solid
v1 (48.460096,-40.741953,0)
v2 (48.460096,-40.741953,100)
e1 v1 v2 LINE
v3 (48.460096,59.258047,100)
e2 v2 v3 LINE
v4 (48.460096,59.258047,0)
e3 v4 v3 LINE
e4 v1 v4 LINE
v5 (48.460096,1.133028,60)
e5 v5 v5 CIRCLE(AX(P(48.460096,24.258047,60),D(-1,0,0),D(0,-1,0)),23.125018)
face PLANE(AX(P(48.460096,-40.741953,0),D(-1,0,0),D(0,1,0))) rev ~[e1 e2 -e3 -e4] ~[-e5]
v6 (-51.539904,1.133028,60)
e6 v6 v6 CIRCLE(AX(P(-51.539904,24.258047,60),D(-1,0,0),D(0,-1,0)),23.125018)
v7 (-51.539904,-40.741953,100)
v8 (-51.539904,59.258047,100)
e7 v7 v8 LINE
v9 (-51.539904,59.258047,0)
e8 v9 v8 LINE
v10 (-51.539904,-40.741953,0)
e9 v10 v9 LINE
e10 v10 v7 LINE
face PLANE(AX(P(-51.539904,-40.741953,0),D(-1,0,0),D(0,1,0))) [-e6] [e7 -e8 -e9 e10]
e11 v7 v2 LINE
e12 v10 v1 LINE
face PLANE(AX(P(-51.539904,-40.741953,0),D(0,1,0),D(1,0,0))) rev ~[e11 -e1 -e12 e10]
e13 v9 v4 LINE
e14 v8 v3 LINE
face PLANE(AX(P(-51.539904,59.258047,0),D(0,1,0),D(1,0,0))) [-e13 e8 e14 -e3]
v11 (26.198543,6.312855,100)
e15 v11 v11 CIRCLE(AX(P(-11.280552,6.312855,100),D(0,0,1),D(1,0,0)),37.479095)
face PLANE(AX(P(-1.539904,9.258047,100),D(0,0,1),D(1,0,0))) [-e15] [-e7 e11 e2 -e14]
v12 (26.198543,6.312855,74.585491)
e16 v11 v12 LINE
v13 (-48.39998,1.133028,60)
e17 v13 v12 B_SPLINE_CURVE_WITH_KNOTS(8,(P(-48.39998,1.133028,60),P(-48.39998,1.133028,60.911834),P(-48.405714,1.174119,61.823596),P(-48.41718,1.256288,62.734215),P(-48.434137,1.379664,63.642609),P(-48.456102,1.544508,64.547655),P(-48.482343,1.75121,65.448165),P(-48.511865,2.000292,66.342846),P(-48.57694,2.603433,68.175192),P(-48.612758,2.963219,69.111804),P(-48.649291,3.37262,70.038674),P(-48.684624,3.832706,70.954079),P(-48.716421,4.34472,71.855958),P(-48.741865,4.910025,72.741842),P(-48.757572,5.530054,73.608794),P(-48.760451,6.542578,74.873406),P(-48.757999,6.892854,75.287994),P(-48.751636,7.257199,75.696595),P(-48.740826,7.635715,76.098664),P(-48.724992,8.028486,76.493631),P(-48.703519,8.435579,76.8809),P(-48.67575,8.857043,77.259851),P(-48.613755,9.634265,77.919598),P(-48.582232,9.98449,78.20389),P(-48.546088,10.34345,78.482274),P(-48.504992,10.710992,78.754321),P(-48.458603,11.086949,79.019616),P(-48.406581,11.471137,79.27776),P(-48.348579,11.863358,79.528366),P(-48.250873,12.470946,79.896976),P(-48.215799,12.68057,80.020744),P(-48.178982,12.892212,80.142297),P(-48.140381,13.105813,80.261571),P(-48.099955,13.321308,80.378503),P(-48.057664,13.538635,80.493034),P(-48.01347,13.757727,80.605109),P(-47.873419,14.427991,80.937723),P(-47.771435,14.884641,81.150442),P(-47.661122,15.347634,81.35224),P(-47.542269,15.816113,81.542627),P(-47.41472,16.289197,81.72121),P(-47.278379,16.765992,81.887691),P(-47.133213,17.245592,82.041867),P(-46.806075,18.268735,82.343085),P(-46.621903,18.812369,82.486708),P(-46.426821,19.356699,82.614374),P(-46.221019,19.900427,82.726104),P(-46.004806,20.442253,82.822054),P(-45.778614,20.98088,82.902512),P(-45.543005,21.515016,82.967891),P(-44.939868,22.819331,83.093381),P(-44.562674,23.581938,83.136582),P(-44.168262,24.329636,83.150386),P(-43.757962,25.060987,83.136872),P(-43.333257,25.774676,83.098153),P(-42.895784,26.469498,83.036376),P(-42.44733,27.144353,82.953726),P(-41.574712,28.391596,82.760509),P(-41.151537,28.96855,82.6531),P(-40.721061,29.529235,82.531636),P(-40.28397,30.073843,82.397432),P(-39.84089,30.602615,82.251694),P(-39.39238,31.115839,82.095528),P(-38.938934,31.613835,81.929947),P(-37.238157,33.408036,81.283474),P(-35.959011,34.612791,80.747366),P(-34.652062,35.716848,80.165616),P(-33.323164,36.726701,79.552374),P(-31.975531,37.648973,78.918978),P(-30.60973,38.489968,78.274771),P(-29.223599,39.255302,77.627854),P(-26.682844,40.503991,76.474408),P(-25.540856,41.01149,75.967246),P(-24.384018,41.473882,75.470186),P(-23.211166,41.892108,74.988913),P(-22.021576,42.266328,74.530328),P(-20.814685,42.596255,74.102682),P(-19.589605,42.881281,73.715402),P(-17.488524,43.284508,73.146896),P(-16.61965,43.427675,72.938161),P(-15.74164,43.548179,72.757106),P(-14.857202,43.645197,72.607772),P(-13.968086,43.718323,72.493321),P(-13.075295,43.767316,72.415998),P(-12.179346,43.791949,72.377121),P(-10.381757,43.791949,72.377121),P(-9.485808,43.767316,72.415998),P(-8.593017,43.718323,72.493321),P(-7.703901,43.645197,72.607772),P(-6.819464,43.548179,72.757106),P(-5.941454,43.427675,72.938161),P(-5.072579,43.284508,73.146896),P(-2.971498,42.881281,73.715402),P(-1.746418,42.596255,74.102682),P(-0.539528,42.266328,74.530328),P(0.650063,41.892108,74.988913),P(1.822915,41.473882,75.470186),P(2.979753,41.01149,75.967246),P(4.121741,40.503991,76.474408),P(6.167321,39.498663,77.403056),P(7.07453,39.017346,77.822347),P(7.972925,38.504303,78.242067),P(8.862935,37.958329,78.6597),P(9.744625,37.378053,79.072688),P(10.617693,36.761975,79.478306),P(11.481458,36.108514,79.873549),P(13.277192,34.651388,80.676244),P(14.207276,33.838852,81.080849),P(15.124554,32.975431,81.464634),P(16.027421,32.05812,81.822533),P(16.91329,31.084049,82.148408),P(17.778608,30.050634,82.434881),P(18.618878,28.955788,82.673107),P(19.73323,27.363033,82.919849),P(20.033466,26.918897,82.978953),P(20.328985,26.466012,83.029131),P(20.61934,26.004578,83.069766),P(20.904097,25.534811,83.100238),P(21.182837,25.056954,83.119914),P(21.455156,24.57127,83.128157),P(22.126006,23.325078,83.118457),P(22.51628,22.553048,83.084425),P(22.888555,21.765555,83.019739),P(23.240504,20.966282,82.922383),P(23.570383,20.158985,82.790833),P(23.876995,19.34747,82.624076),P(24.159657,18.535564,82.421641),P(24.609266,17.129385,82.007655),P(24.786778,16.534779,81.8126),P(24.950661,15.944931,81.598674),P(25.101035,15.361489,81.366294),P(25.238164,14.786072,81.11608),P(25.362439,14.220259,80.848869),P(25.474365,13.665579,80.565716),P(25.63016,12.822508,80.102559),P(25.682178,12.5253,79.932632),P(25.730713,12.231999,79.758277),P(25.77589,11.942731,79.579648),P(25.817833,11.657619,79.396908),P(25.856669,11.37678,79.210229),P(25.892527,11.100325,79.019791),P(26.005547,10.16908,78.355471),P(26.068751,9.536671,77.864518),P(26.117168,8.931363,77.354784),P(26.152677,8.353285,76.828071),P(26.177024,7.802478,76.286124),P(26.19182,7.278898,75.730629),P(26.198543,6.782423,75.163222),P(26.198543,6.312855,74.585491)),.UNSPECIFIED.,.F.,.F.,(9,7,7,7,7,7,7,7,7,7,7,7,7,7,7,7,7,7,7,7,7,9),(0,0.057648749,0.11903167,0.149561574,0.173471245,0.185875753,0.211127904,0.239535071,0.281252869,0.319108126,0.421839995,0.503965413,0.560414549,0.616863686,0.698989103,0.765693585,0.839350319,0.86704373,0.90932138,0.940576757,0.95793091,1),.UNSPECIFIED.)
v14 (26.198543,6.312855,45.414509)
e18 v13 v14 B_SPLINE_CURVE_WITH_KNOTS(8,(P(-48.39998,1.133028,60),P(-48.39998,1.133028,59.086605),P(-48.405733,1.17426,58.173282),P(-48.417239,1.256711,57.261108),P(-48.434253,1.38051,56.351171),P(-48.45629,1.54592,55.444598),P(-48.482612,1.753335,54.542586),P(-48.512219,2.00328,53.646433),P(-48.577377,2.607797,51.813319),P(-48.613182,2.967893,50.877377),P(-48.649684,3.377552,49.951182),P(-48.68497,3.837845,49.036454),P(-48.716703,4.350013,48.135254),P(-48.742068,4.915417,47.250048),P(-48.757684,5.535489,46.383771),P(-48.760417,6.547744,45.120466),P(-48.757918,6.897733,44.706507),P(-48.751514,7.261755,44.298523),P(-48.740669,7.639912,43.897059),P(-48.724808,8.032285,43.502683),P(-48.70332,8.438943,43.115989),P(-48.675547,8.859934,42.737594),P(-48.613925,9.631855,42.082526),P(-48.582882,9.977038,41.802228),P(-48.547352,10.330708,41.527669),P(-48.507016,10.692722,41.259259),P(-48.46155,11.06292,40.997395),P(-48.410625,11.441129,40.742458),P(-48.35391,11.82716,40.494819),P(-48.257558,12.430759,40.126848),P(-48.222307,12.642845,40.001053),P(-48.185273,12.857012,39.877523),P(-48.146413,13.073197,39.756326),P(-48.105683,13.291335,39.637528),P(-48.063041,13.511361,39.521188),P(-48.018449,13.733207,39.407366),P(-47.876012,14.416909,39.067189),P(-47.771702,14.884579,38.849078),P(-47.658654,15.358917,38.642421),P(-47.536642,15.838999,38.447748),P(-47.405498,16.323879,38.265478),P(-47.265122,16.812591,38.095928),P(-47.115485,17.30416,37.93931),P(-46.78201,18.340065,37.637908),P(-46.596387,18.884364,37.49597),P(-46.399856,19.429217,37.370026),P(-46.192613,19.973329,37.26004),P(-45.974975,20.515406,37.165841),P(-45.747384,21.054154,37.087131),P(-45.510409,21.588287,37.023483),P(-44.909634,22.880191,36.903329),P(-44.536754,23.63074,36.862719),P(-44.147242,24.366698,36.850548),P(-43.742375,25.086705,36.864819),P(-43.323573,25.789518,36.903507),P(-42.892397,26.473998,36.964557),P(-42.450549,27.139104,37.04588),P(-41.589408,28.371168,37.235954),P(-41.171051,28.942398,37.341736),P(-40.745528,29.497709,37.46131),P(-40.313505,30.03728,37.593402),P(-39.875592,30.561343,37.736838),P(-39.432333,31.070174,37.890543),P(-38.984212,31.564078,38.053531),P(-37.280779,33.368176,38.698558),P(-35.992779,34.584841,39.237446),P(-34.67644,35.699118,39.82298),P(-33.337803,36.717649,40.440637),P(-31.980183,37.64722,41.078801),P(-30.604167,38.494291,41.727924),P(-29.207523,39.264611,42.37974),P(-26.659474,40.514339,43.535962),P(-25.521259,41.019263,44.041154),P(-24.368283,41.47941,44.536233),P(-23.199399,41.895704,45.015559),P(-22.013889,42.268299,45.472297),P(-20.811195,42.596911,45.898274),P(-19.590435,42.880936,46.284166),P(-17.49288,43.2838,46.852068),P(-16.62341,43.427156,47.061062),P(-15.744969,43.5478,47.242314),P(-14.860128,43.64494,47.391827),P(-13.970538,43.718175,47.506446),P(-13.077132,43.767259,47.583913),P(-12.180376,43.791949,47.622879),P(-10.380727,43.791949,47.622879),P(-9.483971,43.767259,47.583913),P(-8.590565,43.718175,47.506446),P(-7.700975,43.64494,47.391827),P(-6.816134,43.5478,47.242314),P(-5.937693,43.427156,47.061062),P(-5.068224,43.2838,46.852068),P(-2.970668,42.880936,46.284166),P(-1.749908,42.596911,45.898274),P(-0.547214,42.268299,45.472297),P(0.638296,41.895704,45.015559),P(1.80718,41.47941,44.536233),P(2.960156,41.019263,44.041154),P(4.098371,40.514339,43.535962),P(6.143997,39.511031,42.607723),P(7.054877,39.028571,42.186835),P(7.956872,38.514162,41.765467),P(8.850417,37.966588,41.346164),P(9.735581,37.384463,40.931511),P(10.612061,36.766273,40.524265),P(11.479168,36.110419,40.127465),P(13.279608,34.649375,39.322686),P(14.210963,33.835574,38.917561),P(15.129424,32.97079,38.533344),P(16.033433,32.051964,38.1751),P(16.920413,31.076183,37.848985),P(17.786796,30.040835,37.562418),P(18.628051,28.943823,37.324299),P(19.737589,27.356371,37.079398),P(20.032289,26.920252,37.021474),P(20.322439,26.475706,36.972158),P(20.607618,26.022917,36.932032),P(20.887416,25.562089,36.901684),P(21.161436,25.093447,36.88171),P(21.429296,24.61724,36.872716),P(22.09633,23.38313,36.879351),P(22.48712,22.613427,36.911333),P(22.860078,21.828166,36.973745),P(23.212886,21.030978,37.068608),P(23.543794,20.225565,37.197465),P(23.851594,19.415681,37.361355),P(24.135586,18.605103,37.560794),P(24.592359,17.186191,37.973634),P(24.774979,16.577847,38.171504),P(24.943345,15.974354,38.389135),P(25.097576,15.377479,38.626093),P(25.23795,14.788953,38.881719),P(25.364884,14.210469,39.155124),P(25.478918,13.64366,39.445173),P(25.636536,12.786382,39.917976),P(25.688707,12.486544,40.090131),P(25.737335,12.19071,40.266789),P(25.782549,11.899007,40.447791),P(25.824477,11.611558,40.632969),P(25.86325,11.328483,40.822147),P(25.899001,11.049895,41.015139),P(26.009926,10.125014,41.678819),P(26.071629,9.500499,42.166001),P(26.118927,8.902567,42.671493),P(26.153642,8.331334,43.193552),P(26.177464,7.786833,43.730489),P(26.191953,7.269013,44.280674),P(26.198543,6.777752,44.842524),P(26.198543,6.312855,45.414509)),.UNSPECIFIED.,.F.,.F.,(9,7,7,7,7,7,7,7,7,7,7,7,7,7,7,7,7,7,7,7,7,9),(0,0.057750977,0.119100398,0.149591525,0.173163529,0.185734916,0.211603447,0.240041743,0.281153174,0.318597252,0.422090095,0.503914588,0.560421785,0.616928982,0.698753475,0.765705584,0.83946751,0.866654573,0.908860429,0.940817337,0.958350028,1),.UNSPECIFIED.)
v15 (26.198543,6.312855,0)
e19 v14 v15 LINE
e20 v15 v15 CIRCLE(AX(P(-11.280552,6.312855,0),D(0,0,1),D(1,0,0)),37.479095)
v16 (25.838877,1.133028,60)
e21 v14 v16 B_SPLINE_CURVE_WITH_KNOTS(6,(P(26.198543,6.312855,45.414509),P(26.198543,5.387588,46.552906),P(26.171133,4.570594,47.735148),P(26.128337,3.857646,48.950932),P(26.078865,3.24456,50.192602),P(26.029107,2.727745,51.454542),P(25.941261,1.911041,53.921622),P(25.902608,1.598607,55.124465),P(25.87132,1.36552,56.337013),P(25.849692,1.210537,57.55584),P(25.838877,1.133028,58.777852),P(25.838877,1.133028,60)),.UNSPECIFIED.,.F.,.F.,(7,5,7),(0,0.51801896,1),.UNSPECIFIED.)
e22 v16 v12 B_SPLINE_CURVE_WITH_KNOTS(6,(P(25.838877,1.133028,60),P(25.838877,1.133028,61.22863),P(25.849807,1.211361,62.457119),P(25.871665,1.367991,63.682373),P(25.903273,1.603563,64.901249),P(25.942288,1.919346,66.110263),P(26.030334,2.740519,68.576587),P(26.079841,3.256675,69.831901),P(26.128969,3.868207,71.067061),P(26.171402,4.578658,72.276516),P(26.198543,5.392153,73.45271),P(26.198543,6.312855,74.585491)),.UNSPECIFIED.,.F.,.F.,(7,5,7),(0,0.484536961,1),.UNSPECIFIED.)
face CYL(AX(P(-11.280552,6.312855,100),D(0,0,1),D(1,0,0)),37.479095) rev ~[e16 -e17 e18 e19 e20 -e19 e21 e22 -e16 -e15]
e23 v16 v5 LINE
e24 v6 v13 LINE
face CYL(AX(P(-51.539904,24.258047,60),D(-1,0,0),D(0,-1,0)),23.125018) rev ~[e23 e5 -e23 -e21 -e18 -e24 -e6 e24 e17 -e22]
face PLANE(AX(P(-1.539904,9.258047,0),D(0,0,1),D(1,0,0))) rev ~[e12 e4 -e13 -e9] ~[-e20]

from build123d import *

# Parameters (mm, degrees)
F0_W     = 100
F0_H     = 100
F1_DEPTH = 100
F2_R     = 37.4790948787
F3_DEPTH = 100.001
F4_R     = 23.1250184434
F5_DEPTH = 100.001


with BuildPart() as f1:
    # F0 (on Top) → F1 (new body)
    with BuildSketch(Plane.XY):
        with Locations((-1.539904009, 9.2580467463)):
            Rectangle(F0_W, F0_H)
    extrude(amount=F1_DEPTH)

    # F2 (on face) → F3 (cut, through all)
    with BuildSketch(Plane.XY.offset(100)):
        with Locations((-11.2805515528, 6.312854588)):
            Circle(F2_R)
    extrude(amount=-F3_DEPTH, mode=Mode.SUBTRACT)

    # F4 (on face) → F5 (cut, through all)
    with BuildSketch(Plane(origin=(-51.539904009, 0, 0), x_dir=(0, -1, 0), z_dir=(-1, 0, 0))):
        with Locations((-24.2580467463, 60)):
            Circle(F4_R)
    extrude(amount=-F5_DEPTH, mode=Mode.SUBTRACT)


solid = f1.part
